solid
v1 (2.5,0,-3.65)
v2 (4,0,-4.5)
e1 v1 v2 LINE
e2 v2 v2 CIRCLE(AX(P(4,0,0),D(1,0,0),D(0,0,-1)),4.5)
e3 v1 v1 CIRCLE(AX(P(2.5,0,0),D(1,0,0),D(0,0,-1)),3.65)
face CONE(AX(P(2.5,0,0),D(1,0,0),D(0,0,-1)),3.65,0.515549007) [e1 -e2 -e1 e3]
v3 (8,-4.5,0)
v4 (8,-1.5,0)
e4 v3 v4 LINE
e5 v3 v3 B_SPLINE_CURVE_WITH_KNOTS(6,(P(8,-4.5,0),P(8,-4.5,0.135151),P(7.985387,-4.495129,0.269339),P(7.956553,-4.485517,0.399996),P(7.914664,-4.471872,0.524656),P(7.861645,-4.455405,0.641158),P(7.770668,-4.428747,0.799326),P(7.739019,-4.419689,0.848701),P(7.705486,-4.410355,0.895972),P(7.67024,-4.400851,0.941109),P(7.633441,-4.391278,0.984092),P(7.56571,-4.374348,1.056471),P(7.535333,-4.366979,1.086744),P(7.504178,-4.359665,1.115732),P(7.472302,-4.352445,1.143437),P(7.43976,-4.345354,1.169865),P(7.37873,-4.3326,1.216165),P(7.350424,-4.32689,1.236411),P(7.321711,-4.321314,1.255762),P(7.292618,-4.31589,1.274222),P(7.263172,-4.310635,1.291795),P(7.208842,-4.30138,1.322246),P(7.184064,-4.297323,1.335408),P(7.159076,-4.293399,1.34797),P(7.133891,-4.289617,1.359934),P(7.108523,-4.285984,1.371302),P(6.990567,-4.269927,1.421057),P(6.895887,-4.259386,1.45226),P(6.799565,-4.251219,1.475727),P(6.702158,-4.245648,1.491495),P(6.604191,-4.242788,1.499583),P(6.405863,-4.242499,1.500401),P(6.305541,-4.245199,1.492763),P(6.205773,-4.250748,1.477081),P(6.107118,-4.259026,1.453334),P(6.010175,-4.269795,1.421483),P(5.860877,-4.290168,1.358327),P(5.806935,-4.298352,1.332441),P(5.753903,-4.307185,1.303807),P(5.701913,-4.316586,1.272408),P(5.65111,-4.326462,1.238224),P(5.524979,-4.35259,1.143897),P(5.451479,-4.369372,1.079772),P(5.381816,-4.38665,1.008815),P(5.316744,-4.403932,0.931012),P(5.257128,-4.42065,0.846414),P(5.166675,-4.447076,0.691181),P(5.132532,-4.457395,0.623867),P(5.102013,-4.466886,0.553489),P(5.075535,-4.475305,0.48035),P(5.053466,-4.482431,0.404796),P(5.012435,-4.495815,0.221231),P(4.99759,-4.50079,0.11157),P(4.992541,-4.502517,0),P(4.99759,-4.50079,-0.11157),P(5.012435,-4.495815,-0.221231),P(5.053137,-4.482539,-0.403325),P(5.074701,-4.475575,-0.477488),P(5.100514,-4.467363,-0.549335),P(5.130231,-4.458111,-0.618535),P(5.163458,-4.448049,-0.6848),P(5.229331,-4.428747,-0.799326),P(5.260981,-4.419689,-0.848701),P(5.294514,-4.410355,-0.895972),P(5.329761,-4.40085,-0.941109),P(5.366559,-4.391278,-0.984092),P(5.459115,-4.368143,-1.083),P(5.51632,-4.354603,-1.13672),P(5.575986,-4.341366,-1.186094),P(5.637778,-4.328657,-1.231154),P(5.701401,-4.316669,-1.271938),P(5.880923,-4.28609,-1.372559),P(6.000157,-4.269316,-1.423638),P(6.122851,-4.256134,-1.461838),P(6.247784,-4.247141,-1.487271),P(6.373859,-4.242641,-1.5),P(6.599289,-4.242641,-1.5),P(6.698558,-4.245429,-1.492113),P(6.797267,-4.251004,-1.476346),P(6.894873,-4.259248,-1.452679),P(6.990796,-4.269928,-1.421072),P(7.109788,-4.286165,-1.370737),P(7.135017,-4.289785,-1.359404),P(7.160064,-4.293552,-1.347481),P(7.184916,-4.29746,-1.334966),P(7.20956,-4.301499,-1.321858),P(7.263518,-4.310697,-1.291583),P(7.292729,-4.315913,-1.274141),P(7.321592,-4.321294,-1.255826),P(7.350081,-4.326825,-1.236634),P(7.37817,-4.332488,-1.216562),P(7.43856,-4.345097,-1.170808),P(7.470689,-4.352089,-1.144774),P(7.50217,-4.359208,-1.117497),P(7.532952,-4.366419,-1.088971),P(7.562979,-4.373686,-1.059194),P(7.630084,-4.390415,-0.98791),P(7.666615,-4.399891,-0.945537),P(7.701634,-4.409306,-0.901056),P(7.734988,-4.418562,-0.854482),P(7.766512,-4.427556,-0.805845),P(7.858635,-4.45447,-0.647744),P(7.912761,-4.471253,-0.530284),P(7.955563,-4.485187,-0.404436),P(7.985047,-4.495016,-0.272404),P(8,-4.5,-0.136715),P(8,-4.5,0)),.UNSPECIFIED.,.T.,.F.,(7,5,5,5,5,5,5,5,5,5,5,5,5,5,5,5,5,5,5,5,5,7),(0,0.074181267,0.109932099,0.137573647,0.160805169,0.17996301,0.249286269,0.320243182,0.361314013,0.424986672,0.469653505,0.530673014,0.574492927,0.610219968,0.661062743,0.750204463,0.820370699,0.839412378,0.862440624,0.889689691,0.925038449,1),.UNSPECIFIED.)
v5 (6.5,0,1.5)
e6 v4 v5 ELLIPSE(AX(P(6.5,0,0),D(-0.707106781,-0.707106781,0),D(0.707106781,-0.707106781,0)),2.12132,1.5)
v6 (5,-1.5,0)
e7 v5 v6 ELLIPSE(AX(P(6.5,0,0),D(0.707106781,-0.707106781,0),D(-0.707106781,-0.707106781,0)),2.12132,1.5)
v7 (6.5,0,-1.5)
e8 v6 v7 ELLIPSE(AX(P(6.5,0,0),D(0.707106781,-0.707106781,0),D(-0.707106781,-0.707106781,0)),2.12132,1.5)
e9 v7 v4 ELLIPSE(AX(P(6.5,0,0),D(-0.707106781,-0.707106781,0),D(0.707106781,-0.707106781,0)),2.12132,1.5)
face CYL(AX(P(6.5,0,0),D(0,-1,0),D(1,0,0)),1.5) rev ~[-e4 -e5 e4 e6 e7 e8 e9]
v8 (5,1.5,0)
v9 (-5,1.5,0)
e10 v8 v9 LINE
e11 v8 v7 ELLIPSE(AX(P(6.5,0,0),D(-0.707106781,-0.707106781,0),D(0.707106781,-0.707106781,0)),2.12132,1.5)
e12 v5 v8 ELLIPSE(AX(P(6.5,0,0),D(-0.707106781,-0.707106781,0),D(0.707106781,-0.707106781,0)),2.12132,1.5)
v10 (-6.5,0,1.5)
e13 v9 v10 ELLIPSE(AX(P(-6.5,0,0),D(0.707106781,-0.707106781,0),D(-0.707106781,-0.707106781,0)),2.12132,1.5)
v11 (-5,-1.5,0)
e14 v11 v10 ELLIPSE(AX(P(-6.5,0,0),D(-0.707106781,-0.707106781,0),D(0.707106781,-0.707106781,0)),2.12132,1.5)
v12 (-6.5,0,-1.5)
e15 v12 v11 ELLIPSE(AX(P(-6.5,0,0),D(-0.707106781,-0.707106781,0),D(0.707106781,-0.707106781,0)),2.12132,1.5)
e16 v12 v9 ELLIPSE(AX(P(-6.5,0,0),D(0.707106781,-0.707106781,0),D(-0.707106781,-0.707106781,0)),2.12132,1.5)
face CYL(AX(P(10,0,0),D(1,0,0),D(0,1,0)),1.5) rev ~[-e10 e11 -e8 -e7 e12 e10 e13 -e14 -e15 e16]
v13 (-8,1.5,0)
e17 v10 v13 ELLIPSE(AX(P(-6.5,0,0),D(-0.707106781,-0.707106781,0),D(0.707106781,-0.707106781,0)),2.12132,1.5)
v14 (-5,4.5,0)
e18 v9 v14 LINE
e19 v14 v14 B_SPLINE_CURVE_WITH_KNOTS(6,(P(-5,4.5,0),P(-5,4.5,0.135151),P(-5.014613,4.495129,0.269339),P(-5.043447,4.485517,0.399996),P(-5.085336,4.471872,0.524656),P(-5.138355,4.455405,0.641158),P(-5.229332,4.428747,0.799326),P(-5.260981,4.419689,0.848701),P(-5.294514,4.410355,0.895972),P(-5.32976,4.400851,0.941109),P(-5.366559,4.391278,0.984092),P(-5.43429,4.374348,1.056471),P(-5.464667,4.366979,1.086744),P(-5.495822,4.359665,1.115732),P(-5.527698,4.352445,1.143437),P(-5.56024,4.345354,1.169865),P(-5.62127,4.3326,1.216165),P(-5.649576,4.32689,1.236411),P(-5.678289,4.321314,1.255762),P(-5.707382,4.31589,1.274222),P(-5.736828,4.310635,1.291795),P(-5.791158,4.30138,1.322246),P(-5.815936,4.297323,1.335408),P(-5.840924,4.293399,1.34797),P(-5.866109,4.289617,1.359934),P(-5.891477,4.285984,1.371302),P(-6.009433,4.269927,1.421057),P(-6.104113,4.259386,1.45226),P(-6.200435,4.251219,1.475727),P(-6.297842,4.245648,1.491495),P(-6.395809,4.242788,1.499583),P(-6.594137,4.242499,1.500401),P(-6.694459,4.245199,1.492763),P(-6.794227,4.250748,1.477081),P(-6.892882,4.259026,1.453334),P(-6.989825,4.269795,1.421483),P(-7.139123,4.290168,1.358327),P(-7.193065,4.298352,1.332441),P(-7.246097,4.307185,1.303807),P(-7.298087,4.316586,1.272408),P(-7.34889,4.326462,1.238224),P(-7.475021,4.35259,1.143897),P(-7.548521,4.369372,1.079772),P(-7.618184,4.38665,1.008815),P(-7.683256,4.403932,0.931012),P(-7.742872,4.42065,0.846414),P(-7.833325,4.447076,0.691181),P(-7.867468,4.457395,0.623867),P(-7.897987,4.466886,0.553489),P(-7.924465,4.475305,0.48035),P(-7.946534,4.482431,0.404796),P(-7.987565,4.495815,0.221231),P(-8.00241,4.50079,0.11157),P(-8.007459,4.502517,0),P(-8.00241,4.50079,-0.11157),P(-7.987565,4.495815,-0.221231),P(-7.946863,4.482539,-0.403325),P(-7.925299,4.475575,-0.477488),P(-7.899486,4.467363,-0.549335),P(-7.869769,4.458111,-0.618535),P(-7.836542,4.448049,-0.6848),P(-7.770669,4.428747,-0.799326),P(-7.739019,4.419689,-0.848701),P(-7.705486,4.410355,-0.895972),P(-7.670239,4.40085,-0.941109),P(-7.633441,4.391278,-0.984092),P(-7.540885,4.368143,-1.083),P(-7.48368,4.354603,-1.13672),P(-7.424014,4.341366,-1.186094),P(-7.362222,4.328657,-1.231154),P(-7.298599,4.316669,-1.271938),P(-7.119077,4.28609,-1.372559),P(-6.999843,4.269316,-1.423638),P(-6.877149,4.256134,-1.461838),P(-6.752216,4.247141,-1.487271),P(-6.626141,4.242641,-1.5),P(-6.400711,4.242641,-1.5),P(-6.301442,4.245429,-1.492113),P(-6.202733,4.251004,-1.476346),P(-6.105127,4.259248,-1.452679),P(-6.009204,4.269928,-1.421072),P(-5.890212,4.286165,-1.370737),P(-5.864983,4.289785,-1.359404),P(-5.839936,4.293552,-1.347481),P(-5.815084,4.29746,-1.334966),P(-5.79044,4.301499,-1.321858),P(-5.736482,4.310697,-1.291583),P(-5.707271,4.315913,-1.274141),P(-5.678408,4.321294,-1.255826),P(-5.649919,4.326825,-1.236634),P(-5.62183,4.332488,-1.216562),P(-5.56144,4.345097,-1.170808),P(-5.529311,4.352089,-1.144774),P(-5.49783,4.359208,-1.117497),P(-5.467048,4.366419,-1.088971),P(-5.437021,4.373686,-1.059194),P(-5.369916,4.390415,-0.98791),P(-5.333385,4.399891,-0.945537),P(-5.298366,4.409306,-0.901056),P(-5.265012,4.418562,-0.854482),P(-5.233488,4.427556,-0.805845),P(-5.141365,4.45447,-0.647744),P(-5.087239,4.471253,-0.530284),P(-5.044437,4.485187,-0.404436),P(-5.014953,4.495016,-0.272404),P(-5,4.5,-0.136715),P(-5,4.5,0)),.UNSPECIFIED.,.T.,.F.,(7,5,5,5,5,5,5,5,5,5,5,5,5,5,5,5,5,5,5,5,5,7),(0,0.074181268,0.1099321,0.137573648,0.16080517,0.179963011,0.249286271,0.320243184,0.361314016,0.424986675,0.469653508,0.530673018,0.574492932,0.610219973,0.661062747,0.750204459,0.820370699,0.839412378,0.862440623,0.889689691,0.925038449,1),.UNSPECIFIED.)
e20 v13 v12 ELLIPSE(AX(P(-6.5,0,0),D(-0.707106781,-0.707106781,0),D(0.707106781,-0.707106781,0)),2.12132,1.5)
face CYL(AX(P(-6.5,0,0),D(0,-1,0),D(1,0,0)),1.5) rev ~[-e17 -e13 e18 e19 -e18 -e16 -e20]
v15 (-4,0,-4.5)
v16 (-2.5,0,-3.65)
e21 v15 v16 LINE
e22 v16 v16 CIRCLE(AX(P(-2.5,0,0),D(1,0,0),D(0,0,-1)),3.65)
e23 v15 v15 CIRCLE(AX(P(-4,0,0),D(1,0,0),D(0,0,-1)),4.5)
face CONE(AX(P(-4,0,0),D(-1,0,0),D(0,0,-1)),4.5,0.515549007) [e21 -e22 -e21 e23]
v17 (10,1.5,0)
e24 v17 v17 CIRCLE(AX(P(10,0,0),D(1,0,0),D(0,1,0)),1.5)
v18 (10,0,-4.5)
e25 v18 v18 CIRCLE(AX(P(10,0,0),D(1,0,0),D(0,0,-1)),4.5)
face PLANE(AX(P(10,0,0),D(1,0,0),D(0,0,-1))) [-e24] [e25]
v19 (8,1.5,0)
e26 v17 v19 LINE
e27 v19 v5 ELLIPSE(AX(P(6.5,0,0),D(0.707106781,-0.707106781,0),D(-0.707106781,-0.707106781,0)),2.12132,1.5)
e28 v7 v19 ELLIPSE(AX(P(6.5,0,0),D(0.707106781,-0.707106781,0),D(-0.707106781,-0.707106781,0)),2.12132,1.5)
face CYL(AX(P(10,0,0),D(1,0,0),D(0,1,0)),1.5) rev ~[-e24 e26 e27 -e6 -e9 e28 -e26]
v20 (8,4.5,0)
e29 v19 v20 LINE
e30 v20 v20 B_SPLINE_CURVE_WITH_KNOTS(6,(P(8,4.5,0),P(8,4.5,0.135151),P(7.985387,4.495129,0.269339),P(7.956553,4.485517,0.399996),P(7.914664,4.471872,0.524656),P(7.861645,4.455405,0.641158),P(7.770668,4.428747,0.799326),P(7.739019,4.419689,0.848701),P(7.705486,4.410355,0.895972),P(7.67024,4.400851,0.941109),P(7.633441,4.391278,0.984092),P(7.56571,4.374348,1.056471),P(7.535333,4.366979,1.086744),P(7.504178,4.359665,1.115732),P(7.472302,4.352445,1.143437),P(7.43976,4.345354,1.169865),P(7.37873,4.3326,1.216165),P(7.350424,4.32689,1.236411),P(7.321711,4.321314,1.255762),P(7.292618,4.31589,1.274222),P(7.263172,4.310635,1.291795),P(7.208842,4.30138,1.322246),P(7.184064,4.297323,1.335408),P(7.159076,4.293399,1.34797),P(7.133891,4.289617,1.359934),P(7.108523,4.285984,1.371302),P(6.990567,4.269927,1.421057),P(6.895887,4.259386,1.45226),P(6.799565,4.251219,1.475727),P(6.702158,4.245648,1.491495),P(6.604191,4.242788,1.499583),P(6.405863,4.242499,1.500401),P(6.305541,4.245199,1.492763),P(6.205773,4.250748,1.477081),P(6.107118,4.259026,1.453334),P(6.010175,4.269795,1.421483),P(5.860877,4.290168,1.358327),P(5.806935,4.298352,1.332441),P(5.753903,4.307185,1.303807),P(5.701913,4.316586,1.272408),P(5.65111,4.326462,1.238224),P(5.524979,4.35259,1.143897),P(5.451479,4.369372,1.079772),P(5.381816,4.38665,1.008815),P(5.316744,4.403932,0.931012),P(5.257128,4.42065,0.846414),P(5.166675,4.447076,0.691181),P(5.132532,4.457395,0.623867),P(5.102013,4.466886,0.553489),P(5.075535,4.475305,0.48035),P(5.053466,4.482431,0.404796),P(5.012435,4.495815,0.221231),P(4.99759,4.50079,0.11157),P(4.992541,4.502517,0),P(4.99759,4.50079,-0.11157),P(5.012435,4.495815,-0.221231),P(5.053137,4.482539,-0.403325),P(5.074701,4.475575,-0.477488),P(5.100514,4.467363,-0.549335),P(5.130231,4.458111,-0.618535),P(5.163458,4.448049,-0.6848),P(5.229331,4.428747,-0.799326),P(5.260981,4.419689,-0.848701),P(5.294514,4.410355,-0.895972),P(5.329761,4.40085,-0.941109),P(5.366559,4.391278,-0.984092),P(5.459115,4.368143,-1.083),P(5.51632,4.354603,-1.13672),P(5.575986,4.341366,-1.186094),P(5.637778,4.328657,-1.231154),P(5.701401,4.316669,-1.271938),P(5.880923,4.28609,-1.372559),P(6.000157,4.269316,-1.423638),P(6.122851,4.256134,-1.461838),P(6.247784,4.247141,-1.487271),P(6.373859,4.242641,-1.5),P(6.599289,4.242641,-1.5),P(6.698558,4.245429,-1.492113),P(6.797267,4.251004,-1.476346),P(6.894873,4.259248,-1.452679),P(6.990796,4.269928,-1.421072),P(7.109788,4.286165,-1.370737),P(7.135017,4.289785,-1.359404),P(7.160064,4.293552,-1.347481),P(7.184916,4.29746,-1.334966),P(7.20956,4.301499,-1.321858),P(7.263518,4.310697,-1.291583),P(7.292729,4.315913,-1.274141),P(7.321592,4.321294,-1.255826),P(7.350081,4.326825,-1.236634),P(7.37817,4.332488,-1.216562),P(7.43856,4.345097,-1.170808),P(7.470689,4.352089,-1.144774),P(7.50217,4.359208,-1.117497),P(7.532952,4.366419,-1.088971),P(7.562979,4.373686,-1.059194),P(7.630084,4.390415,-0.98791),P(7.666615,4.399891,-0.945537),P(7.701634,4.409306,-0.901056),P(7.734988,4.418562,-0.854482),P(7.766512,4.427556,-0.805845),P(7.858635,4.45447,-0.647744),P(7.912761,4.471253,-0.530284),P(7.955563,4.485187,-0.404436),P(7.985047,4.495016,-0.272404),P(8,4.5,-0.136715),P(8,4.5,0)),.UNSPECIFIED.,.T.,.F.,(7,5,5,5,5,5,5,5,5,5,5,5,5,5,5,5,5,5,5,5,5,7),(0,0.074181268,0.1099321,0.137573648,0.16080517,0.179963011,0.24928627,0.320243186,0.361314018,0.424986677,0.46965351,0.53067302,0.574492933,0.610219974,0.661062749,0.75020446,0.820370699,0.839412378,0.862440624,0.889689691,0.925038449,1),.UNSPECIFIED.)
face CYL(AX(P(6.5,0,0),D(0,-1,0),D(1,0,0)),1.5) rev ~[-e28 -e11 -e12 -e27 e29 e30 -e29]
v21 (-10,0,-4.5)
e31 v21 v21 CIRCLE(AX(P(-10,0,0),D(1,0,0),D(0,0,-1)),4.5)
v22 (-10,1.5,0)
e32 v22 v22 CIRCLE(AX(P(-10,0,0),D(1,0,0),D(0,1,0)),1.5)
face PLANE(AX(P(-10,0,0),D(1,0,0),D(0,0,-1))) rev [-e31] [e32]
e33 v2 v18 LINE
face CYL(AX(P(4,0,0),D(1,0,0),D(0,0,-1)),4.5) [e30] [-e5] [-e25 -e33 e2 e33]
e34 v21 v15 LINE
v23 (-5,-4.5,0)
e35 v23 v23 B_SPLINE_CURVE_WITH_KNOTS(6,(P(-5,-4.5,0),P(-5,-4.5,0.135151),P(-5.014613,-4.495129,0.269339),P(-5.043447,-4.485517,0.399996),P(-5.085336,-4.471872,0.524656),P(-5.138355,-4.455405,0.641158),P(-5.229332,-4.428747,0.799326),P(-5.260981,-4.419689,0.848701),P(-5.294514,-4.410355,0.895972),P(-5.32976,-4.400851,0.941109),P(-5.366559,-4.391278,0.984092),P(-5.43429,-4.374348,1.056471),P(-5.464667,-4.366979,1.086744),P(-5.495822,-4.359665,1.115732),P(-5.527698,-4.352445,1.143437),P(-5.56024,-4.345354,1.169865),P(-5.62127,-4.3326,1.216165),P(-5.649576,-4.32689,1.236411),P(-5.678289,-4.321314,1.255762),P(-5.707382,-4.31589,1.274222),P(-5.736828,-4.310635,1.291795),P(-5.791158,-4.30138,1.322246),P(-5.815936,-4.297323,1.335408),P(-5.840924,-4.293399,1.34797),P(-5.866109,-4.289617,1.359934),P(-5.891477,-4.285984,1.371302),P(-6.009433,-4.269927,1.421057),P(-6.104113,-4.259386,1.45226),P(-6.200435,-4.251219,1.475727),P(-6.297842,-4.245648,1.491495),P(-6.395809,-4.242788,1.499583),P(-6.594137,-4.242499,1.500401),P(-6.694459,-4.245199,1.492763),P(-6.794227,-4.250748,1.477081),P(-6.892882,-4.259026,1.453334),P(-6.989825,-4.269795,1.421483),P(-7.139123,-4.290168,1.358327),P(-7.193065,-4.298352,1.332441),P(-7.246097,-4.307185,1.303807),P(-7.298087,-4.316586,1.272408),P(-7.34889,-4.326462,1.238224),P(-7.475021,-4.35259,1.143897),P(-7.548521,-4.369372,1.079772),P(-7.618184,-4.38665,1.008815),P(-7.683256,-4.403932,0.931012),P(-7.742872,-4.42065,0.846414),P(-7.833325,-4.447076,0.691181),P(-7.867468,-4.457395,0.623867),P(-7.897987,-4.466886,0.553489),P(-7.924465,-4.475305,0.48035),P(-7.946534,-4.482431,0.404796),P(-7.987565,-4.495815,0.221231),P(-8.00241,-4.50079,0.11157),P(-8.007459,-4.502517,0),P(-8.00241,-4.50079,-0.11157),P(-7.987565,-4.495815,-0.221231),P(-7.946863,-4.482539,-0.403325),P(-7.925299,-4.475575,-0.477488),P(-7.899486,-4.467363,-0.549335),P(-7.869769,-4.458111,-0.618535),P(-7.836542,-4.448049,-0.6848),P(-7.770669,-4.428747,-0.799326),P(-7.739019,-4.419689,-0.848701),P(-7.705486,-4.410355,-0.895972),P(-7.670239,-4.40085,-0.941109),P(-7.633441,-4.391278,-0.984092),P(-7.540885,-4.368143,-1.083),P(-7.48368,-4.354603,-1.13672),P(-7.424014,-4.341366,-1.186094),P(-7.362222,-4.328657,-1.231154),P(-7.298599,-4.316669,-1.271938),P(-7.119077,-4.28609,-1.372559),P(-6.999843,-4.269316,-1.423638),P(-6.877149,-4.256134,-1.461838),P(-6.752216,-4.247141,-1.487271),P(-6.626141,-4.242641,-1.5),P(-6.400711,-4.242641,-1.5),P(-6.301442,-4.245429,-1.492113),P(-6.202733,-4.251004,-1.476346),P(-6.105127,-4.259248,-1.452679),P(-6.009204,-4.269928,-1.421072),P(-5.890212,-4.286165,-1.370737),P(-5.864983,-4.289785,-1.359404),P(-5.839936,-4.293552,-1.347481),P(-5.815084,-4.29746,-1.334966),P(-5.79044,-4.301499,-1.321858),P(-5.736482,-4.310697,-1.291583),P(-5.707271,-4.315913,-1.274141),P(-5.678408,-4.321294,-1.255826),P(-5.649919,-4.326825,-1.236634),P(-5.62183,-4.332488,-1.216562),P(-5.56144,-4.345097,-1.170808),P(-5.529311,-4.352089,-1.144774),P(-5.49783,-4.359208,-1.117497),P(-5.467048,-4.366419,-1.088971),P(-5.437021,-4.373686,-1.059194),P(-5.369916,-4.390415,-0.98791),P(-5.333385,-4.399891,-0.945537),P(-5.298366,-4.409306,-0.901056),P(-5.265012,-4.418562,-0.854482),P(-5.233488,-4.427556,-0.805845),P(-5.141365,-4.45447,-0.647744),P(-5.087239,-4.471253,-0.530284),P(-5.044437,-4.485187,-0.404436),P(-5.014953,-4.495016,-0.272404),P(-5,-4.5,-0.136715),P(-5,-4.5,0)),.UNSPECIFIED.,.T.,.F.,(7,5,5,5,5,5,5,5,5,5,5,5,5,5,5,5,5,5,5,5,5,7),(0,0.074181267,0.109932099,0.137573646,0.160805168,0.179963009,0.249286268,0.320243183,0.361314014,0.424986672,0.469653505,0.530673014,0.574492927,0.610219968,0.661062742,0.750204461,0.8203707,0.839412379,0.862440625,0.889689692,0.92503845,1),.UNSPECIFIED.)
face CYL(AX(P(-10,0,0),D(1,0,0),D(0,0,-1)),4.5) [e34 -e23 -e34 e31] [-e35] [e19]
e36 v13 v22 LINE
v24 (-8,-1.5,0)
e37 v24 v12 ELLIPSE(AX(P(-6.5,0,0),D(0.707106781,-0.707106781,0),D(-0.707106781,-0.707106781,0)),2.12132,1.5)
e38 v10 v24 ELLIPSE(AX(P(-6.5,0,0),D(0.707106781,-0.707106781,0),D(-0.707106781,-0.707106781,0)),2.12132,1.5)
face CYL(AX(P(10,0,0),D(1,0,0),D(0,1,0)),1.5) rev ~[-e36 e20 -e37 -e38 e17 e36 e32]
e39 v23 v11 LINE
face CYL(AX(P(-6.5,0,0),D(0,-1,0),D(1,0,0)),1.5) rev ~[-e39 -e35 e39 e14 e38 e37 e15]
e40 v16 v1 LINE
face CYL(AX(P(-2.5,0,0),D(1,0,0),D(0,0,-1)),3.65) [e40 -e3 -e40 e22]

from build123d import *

# Parameters (mm, degrees)
F2_R          = 1.5
F3_DEPTH      = 4.501
F3_DEPTH_BACK = 4.501
F4_R          = 1.5
F5_DEPTH      = 25
F5_DEPTH_BACK = 25


with BuildPart() as f1:
    # F0 (on Front) → F1 (revolve)
    with BuildSketch(Plane.XZ):
        Polygon((10, 0), (-10, 0), (-10, -4.5), (-4, -4.5), (-2.5, -3.65), (0, -3.65), (2.5, -3.65), (4, -4.5), (10, -4.5), align=None)
    revolve(axis=Axis((0, 0, 0), (1, 0, 0)))

    # F2 (on Front) → F3 (cut, two sides)
    with BuildSketch(Plane.XZ) as f3_sk:
        with Locations((-6.5, 0)):
            Circle(F2_R)
        with Locations((6.5, 0)):
            Circle(F2_R)
    extrude(amount=-F3_DEPTH, mode=Mode.SUBTRACT)
    extrude(f3_sk.sketch, amount=F3_DEPTH_BACK, mode=Mode.SUBTRACT)

    # F4 (on face) → F5 (cut, two sides)
    with BuildSketch(Plane.YZ.offset(10)) as f5_sk:
        Circle(F4_R)
    extrude(amount=-F5_DEPTH, mode=Mode.SUBTRACT)
    extrude(f5_sk.sketch, amount=F5_DEPTH_BACK, mode=Mode.SUBTRACT)


solid = f1.part
